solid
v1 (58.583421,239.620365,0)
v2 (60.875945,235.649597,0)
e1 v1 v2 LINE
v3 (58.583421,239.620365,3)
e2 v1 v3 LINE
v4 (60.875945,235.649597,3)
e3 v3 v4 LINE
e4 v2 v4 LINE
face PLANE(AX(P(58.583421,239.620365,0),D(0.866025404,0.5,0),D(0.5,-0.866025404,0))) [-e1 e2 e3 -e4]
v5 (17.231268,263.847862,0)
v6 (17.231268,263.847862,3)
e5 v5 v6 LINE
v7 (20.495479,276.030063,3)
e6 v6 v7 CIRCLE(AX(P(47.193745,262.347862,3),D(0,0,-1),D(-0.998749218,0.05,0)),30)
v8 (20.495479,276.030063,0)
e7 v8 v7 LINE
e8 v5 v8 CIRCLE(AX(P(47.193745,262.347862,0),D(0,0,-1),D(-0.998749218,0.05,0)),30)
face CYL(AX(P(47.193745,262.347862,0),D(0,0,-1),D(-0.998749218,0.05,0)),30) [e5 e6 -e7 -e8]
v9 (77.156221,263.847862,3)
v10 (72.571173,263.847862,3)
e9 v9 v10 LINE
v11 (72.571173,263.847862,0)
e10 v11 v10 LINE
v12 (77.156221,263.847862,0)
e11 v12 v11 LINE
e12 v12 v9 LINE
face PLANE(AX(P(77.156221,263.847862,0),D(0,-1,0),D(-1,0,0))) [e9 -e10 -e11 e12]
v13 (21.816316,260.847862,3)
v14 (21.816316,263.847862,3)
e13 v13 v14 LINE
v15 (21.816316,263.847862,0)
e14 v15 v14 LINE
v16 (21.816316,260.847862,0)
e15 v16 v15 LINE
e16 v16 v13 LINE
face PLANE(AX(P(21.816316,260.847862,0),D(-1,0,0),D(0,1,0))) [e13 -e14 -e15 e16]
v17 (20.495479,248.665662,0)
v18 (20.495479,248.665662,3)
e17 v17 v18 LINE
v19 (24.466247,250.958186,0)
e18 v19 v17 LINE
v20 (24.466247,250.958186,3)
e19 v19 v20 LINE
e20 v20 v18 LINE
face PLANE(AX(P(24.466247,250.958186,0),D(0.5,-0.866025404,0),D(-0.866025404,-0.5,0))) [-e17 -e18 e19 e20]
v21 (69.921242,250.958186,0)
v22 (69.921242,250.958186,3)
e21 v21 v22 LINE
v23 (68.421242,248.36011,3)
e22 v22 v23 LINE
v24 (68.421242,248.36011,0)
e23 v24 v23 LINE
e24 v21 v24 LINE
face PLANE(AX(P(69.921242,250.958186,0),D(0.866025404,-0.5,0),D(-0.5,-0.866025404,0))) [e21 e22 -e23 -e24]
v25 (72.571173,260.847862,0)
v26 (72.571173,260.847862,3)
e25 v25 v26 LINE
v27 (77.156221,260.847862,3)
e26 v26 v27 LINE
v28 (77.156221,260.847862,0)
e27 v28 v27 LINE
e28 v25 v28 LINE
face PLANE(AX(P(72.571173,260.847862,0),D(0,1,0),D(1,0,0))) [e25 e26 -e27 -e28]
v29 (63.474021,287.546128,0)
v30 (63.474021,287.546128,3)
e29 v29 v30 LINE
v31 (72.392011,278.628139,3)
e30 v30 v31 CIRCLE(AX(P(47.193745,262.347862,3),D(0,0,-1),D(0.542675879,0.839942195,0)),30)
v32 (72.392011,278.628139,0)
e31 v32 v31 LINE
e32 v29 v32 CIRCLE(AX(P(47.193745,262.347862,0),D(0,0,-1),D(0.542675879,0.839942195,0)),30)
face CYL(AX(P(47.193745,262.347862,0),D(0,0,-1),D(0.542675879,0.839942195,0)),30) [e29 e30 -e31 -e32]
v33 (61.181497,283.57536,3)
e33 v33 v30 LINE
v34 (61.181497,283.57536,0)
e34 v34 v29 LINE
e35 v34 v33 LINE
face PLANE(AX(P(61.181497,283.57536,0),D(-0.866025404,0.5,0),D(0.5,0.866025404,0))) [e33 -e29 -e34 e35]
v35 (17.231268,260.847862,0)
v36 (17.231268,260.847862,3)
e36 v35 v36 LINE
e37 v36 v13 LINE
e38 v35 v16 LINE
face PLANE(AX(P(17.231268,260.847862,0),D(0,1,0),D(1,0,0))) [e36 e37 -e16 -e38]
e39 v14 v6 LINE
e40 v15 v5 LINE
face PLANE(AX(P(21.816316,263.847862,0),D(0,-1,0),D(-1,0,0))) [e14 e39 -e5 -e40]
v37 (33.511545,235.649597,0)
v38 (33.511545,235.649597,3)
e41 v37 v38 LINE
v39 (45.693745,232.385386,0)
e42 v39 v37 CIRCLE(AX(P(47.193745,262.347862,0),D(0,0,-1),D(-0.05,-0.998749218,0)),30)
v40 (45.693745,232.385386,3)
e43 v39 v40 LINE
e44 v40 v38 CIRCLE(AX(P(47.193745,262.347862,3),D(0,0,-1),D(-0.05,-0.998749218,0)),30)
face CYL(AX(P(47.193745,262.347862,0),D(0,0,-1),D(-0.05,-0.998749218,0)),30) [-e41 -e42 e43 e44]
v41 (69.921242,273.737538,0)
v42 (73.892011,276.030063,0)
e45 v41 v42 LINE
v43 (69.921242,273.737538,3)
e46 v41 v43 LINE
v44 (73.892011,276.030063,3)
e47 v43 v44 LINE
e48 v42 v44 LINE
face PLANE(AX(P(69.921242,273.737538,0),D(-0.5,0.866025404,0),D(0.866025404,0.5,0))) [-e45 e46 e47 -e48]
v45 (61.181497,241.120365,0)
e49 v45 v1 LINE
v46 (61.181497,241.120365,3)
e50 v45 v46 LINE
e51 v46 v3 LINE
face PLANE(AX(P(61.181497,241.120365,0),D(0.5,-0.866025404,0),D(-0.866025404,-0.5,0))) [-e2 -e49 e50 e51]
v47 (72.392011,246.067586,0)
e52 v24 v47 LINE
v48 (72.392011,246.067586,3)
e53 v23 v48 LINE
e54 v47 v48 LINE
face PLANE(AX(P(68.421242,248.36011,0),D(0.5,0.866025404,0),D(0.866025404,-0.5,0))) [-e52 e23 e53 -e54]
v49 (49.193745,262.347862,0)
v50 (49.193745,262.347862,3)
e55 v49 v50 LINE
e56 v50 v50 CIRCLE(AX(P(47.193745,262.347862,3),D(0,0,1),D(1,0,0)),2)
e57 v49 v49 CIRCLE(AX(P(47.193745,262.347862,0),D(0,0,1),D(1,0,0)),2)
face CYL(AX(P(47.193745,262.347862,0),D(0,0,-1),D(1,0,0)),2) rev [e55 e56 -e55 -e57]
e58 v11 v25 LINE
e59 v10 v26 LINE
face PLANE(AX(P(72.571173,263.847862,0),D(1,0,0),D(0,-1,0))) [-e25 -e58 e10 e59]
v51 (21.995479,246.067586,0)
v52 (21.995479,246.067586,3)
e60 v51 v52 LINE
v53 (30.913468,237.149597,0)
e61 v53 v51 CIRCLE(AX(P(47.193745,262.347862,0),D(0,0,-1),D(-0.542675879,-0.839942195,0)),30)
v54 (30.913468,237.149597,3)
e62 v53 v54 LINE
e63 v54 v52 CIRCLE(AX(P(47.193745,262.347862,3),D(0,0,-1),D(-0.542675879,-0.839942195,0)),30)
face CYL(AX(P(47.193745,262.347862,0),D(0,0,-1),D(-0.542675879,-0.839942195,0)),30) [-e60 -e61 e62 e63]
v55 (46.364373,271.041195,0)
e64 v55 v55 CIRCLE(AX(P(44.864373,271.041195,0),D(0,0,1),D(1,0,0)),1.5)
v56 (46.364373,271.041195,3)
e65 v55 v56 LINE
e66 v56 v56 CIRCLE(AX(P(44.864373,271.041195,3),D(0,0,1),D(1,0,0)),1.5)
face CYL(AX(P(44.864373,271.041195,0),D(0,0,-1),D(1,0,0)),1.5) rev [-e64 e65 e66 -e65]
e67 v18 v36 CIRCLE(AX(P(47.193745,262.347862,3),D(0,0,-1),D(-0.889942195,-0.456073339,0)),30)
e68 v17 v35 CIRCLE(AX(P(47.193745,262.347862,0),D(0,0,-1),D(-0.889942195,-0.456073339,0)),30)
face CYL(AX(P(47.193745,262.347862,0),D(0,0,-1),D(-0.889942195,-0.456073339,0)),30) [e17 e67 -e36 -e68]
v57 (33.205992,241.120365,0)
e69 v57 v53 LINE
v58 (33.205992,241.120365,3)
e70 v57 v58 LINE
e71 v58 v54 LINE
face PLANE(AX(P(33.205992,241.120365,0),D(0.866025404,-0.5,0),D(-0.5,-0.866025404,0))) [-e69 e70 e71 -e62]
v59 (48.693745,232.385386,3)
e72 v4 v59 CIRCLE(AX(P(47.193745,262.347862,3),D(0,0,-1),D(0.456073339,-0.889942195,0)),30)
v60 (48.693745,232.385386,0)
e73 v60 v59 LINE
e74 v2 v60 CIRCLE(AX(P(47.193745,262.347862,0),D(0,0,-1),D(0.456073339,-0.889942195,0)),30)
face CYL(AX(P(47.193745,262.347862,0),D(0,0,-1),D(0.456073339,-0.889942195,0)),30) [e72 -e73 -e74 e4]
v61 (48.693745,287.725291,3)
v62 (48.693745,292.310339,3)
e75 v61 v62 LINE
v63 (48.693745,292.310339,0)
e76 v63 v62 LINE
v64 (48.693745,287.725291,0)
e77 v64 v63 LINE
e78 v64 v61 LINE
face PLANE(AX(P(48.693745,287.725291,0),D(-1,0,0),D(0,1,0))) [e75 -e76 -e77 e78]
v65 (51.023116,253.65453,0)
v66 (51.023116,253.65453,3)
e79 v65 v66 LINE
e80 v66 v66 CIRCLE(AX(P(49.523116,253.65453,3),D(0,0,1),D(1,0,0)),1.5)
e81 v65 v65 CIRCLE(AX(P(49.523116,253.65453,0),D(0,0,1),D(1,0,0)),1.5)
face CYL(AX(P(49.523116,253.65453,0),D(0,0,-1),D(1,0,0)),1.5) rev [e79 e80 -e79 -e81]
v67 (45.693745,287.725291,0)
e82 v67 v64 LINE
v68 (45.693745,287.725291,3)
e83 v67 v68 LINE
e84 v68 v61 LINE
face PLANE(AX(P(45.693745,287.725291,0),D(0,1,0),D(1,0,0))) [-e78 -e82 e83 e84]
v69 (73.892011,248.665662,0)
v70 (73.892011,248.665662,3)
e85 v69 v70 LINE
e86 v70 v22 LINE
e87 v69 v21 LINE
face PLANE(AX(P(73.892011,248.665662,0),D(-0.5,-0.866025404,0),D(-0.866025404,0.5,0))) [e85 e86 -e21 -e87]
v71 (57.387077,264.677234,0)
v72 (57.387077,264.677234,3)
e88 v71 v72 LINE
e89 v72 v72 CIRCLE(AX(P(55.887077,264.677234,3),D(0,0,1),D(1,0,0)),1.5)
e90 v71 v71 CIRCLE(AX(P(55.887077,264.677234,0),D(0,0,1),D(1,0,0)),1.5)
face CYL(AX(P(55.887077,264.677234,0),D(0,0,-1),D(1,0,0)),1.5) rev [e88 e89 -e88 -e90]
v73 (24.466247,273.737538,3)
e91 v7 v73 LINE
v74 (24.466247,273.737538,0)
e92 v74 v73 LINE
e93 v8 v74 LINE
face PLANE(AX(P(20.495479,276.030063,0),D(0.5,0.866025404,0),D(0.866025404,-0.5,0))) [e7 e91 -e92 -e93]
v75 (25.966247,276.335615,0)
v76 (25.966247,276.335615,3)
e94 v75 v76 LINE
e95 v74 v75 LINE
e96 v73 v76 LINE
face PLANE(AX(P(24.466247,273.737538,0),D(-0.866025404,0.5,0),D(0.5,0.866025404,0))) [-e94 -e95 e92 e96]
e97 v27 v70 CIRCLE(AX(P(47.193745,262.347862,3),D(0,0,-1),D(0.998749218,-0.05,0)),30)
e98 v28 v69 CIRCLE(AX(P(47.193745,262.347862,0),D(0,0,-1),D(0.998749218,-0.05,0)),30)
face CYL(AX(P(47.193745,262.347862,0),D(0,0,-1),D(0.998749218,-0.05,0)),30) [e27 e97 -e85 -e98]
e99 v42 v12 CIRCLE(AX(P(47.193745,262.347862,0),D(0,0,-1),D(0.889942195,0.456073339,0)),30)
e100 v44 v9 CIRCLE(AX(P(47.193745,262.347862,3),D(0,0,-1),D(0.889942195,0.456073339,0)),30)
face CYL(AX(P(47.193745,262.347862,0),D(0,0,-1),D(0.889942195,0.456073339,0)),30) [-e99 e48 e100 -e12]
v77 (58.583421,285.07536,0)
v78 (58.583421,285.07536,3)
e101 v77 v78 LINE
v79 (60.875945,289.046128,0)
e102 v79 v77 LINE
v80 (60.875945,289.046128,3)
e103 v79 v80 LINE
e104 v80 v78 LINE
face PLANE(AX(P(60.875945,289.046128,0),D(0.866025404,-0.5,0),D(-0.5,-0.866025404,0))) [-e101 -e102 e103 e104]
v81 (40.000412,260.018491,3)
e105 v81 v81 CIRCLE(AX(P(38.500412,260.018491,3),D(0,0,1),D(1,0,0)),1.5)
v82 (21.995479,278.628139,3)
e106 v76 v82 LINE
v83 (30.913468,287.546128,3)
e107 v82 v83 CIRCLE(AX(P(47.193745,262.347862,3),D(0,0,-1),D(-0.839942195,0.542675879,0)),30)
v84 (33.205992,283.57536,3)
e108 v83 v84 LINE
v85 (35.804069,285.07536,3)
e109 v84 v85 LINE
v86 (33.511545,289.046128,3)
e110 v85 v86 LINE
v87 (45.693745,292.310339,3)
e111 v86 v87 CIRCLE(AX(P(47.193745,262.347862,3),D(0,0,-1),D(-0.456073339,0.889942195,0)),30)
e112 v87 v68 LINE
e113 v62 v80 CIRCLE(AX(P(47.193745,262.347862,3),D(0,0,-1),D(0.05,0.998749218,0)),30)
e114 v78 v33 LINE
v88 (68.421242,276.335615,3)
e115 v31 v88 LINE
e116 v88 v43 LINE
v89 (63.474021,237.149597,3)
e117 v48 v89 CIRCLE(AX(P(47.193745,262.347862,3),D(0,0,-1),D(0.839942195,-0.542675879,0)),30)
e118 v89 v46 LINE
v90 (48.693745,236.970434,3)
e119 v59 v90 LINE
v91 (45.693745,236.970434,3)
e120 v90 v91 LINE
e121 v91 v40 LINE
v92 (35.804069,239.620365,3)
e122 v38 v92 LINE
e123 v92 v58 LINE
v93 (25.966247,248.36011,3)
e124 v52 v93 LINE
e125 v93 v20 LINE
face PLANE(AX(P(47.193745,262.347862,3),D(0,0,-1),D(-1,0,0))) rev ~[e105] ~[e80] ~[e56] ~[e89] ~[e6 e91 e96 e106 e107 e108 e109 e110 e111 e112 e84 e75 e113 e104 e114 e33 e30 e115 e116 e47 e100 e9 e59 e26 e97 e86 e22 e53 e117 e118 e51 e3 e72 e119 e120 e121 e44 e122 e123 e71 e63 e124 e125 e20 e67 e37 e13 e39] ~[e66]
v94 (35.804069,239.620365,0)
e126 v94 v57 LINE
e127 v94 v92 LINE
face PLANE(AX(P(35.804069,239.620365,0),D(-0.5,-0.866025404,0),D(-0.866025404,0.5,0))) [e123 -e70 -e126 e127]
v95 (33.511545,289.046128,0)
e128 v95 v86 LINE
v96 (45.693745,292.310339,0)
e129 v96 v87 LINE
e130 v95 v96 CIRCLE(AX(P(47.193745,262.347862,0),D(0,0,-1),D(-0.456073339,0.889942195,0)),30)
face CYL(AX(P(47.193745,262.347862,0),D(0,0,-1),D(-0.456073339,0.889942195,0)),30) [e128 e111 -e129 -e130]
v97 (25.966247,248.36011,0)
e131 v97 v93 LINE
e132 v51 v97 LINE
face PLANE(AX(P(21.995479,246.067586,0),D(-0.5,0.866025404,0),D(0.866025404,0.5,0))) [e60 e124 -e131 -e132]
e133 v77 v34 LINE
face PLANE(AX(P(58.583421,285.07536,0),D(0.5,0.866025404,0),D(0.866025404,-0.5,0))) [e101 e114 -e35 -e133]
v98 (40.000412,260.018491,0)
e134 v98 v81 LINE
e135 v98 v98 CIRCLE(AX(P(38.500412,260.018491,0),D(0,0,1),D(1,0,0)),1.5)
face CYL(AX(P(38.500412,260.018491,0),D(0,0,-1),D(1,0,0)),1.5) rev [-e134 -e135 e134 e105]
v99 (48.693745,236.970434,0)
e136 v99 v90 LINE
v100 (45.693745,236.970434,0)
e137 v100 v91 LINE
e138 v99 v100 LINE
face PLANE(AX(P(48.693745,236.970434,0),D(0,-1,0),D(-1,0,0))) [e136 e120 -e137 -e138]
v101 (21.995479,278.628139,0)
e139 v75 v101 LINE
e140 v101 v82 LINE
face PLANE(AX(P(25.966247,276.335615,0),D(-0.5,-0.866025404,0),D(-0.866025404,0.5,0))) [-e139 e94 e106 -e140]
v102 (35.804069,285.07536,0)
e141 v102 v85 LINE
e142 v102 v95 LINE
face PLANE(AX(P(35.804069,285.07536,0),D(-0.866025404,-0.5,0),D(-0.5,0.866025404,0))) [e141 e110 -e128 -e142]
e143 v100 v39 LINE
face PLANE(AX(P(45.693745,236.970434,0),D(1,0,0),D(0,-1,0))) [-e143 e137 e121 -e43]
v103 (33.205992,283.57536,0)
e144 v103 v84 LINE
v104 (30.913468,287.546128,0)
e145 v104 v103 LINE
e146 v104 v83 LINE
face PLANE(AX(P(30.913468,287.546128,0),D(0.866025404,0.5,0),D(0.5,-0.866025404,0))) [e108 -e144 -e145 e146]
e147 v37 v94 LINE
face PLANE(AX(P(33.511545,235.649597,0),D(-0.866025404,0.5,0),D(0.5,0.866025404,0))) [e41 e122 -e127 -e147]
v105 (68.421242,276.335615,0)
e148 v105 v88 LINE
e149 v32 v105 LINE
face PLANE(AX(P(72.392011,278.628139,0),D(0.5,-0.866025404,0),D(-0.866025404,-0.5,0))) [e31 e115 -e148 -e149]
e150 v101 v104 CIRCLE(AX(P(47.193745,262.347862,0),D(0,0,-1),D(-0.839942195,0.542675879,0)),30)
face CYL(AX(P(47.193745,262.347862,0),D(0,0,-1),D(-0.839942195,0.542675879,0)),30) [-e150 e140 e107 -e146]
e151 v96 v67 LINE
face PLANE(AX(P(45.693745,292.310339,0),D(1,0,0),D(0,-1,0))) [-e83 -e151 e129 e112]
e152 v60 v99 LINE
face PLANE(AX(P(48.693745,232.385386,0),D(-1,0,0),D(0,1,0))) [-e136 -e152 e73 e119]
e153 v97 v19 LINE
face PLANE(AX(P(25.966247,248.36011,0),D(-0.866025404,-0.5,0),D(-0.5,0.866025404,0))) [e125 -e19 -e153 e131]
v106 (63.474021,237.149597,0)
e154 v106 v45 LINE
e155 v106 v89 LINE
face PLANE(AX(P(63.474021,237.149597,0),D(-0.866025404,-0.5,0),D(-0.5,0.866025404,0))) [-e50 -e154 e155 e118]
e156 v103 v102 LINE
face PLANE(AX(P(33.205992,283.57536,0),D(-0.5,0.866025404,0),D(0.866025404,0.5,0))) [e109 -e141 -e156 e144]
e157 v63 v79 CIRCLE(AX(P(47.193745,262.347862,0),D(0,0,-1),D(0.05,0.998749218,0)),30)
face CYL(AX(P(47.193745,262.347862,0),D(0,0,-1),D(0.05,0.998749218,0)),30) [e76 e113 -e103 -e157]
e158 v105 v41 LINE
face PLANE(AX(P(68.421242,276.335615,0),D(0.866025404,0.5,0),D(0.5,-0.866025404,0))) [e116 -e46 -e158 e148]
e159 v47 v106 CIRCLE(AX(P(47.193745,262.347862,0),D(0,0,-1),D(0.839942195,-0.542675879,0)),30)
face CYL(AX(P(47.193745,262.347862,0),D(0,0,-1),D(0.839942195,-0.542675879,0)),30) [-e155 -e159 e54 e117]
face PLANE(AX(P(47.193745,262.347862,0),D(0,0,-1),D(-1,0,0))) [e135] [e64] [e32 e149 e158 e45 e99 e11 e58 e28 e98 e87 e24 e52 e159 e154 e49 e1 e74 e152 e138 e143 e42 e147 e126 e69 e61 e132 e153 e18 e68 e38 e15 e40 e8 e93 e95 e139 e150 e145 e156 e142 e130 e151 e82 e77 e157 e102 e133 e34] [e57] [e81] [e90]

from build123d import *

# Parameters (mm, degrees)
MODEL_R                 = 1.5
MODEL_R_2               = 2
SALIENTE_EXTRUIR1_DEPTH = 3


with BuildPart() as part:
    # Model → Saliente-Extruir1 (new body)
    with BuildSketch(Plane.XY):
        with BuildLine():
            Line((63.474021053, 287.546128202), (61.181496903, 283.575359896))
            Line((61.181496903, 283.575359896), (58.583420692, 285.075359896))
            Line((58.583420692, 285.075359896), (60.875944842, 289.046128202))
            ThreePointArc((60.875944842, 289.046128202), (54.958316034, 291.325637152), (48.693744681, 292.310338897))
            Line((48.693744681, 292.310338897), (48.693744681, 287.725290597))
            Line((48.693744681, 287.725290597), (45.693744681, 287.725290597))
            Line((45.693744681, 287.725290597), (45.693744681, 292.310338897))
            ThreePointArc((45.693744681, 292.310338897), (39.429173328, 291.325637152), (33.51154452, 289.046128202))
            Line((33.51154452, 289.046128202), (35.80406867, 285.075359896))
            Line((35.80406867, 285.075359896), (33.205992459, 283.575359896))
            Line((33.205992459, 283.575359896), (30.913468309, 287.546128202))
            ThreePointArc((30.913468309, 287.546128202), (25.980541245, 283.561065799), (21.995478843, 278.628138736))
            Line((21.995478843, 278.628138736), (25.966247149, 276.335614586))
            Line((25.966247149, 276.335614586), (24.466247149, 273.737538374))
            Line((24.466247149, 273.737538374), (20.495478843, 276.030062525))
            ThreePointArc((20.495478843, 276.030062525), (18.215969892, 270.112433717), (17.231268148, 263.847862364))
            Line((17.231268148, 263.847862364), (21.816316448, 263.847862364))
            Line((21.816316448, 263.847862364), (21.816316448, 260.847862364))
            Line((21.816316448, 260.847862364), (17.231268148, 260.847862364))
            ThreePointArc((17.231268148, 260.847862364), (18.215969892, 254.583291011), (20.495478843, 248.665662203))
            Line((20.495478843, 248.665662203), (24.466247149, 250.958186353))
            Line((24.466247149, 250.958186353), (25.966247149, 248.360110142))
            Line((25.966247149, 248.360110142), (21.995478843, 246.067585992))
            ThreePointArc((21.995478843, 246.067585992), (25.980541245, 241.134658928), (30.913468309, 237.149596526))
            Line((30.913468309, 237.149596526), (33.205992459, 241.120364831))
            Line((33.205992459, 241.120364831), (35.80406867, 239.620364831))
            Line((35.80406867, 239.620364831), (33.51154452, 235.649596526))
            ThreePointArc((33.51154452, 235.649596526), (39.429173328, 233.370087575), (45.693744681, 232.385385831))
            Line((45.693744681, 232.385385831), (45.693744681, 236.970434131))
            Line((45.693744681, 236.970434131), (48.693744681, 236.970434131))
            Line((48.693744681, 236.970434131), (48.693744681, 232.385385831))
            ThreePointArc((48.693744681, 232.385385831), (54.958316034, 233.370087575), (60.875944842, 235.649596526))
            Line((60.875944842, 235.649596526), (58.583420692, 239.620364831))
            Line((58.583420692, 239.620364831), (61.181496903, 241.120364831))
            Line((61.181496903, 241.120364831), (63.474021053, 237.149596526))
            ThreePointArc((63.474021053, 237.149596526), (68.406948117, 241.134658928), (72.392010519, 246.067585992))
            Line((72.392010519, 246.067585992), (68.421242213, 248.360110142))
            Line((68.421242213, 248.360110142), (69.921242213, 250.958186353))
            Line((69.921242213, 250.958186353), (73.892010519, 248.665662203))
            ThreePointArc((73.892010519, 248.665662203), (76.17151947, 254.583291011), (77.156221214, 260.847862364))
            Line((77.156221214, 260.847862364), (72.571172914, 260.847862364))
            Line((72.571172914, 260.847862364), (72.571172914, 263.847862364))
            Line((72.571172914, 263.847862364), (77.156221214, 263.847862364))
            ThreePointArc((77.156221214, 263.847862364), (76.17151947, 270.112433717), (73.892010519, 276.030062525))
            Line((73.892010519, 276.030062525), (69.921242213, 273.737538374))
            Line((69.921242213, 273.737538374), (68.421242213, 276.335614586))
            Line((68.421242213, 276.335614586), (72.392010519, 278.628138736))
            ThreePointArc((72.392010519, 278.628138736), (68.406948117, 283.561065799), (63.474021053, 287.546128202))
        make_face()
        with Locations((38.500412244, 260.018490958)):
            Circle(MODEL_R, mode=Mode.SUBTRACT)
        with Locations((47.193744681, 262.347862364)):
            Circle(MODEL_R_2, mode=Mode.SUBTRACT)
        with Locations((49.523116087, 253.654529927)):
            Circle(MODEL_R, mode=Mode.SUBTRACT)
        with Locations((44.864373275, 271.0411948)):
            Circle(MODEL_R, mode=Mode.SUBTRACT)
        with Locations((55.887077118, 264.67723377)):
            Circle(MODEL_R, mode=Mode.SUBTRACT)
    extrude(amount=SALIENTE_EXTRUIR1_DEPTH)


solid = part.part
